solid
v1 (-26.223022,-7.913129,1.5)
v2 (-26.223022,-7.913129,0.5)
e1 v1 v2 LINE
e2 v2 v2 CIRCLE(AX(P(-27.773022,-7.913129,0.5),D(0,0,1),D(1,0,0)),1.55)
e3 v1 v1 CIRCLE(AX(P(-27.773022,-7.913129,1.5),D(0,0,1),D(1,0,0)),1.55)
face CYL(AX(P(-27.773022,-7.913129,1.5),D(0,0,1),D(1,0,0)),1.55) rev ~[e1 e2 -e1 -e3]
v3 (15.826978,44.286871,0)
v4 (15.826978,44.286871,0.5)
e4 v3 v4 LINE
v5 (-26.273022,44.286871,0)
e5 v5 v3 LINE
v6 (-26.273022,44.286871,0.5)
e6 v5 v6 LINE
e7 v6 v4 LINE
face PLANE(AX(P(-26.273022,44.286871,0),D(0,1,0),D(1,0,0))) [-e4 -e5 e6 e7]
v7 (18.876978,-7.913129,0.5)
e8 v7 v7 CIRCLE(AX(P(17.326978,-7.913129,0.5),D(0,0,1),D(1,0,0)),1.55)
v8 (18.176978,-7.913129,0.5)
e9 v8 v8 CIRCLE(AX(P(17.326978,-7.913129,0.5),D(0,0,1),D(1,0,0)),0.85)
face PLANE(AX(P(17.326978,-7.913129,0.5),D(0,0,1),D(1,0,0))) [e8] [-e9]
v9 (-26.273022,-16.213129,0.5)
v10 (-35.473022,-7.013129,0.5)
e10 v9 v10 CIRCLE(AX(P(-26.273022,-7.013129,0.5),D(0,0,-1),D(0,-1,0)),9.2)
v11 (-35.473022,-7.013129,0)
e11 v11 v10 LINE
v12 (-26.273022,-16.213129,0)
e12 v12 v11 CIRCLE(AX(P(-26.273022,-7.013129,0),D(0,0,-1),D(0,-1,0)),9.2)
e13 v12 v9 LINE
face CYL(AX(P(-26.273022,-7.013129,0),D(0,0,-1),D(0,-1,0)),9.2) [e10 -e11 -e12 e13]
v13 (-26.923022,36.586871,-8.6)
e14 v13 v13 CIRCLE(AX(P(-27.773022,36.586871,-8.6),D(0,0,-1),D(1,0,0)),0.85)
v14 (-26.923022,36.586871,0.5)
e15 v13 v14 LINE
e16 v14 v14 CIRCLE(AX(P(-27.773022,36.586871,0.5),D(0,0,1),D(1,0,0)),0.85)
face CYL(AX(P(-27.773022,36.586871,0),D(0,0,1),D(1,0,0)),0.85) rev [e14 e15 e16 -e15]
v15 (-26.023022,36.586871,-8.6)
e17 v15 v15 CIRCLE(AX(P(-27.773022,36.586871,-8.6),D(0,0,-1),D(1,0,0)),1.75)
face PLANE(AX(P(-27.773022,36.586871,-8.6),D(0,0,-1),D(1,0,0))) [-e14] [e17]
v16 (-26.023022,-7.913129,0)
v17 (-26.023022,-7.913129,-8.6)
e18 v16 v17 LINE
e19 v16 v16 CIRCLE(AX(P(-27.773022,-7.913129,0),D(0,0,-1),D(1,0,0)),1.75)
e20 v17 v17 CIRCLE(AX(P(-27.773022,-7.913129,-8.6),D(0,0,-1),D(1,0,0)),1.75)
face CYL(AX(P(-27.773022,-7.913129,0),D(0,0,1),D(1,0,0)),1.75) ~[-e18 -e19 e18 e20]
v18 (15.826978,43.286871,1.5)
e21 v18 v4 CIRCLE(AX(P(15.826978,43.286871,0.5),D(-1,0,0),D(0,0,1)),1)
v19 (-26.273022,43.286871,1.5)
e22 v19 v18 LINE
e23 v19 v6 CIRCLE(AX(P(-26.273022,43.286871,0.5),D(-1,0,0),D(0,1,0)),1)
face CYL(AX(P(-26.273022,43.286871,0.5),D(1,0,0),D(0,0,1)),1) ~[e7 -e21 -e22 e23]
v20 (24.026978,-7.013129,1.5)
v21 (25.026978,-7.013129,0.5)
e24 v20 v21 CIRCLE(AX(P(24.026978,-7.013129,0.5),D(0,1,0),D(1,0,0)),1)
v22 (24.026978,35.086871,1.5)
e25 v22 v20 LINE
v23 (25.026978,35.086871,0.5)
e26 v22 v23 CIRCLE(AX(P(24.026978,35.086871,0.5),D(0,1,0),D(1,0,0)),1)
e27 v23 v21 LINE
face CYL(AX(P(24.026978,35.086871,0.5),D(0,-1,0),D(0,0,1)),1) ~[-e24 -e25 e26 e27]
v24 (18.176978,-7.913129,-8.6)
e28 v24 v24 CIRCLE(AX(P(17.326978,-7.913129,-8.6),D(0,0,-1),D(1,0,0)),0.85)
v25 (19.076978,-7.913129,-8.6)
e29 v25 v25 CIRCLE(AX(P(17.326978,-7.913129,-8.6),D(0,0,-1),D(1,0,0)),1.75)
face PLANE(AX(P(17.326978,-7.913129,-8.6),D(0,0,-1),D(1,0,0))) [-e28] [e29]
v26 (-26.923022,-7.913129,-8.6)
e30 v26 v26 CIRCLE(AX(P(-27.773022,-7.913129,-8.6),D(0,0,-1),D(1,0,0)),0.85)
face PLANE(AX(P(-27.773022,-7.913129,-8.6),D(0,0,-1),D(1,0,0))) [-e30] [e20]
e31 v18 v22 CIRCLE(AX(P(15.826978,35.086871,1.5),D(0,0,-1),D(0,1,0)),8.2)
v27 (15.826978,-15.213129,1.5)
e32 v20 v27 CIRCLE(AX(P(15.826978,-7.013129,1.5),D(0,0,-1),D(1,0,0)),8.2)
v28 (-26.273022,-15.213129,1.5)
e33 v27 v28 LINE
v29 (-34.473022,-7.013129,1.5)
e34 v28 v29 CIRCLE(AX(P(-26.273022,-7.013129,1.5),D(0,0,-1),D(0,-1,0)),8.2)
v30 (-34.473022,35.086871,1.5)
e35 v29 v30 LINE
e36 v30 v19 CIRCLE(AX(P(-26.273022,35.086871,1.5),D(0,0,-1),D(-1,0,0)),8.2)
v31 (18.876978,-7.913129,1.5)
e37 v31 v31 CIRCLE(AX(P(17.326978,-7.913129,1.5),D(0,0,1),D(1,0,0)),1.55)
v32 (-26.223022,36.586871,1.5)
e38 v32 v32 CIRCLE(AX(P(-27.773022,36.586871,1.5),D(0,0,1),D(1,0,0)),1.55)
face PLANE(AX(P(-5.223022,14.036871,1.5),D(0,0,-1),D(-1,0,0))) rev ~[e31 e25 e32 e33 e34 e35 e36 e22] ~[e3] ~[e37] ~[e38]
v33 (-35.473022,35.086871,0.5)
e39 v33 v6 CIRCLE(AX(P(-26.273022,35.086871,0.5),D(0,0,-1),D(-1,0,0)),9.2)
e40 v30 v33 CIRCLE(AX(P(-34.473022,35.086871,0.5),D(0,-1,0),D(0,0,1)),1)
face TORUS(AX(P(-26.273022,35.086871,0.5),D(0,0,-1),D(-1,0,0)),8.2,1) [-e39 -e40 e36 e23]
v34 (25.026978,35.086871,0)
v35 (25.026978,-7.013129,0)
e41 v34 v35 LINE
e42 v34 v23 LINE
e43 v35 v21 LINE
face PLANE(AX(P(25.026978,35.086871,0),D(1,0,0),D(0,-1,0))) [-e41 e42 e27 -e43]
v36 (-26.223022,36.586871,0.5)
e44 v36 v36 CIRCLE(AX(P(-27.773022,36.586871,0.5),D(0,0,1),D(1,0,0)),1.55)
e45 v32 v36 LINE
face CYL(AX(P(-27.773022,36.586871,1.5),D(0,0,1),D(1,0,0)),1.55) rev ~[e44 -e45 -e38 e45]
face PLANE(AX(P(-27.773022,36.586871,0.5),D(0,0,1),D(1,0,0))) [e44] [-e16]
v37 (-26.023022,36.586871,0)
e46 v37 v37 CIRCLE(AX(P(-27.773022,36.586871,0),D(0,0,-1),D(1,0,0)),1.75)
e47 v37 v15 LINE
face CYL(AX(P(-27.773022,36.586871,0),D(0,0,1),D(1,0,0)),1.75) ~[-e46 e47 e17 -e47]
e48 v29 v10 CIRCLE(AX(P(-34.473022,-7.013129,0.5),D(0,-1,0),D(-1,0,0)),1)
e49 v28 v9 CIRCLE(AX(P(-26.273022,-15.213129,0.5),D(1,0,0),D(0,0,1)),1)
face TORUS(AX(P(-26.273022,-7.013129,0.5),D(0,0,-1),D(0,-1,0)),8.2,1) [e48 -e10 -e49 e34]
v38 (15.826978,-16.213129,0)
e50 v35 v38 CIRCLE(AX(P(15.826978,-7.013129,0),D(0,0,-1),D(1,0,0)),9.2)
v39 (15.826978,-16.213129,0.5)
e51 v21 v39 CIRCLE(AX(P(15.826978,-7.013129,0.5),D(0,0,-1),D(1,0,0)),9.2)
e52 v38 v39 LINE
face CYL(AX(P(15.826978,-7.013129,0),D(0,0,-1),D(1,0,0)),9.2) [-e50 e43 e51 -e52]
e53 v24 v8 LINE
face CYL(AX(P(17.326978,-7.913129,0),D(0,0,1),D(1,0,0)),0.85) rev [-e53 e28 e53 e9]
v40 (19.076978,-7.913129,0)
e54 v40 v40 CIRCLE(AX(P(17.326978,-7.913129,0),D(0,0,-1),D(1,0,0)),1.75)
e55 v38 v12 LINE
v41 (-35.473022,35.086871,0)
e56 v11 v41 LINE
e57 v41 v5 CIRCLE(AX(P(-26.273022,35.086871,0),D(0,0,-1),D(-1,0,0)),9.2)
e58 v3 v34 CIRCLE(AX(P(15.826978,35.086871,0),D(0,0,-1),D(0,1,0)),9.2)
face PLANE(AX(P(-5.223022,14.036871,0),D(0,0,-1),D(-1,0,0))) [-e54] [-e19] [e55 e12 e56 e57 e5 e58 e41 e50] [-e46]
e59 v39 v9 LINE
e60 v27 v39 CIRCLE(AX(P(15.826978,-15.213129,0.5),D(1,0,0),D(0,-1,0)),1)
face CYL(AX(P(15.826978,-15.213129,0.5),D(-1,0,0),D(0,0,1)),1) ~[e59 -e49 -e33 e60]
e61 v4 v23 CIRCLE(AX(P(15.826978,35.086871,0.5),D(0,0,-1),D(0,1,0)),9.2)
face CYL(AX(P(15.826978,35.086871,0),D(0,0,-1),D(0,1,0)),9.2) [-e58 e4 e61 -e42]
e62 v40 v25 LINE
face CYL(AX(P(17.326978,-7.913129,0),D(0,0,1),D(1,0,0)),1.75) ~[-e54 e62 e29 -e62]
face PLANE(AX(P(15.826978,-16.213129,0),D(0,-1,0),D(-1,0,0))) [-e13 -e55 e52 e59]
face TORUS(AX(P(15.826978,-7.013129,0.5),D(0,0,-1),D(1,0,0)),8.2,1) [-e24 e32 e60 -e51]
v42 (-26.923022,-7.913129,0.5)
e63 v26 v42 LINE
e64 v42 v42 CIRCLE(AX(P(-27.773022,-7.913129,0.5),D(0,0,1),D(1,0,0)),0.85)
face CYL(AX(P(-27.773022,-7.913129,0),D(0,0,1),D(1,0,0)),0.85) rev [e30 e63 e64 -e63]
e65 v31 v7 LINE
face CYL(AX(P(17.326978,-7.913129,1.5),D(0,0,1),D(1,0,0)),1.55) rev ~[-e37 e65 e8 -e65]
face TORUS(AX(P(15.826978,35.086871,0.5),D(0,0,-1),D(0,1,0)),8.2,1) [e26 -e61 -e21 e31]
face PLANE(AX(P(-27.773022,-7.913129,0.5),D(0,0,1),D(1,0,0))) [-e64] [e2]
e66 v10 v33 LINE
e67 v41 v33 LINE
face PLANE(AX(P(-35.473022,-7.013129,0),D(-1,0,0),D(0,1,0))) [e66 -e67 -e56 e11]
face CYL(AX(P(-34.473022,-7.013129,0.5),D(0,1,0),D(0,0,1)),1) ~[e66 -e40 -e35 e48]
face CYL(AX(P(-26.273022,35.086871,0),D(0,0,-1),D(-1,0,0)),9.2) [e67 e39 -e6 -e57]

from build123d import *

# Parameters (mm, degrees)
EXTRUDE_1_DEPTH     = 1.5
SKETCH_2_R          = 0.85
CUT_EXTRUDE_1_DEPTH = 11
SKETCH_4_R          = 0.85
CUT_EXTRUDE_2_DEPTH = 11.5
SKETCH_5_R          = 0.85
CUT_EXTRUDE_3_DEPTH = 11.5
SKETCH_9_R          = 1.55
SKETCH_9_R_2        = 0.85
CUT_EXTRUDE_5_DEPTH = 1
SKETCH_8_R          = 1.75
SKETCH_8_R_2        = 0.85
EXTRUDE_6_DEPTH     = 8.6
FILLET_2_R          = 1


with BuildPart() as part:
    # 草图1 → 凸台-拉伸1 (new body)
    with BuildSketch(Plane.XY):
        with BuildLine():
            Line((-26.273021583, 44.286870504), (15.826978417, 44.286870504))
            ThreePointArc((15.826978417, 44.286870504), (22.332360804, 41.592252891), (25.026978417, 35.086870504))
            Line((25.026978417, 35.086870504), (25.026978417, -7.013129496))
            ThreePointArc((25.026978417, -7.013129496), (22.332360804, -13.518511883), (15.826978417, -16.213129496))
            Line((15.826978417, -16.213129496), (-26.273021583, -16.213129496))
            ThreePointArc((-26.273021583, -16.213129496), (-32.77840397, -13.518511883), (-35.473021583, -7.013129496))
            Line((-35.473021583, -7.013129496), (-35.473021583, 35.086870504))
            ThreePointArc((-35.473021583, 35.086870504), (-32.77840397, 41.592252891), (-26.273021583, 44.286870504))
        make_face()
    extrude(amount=EXTRUDE_1_DEPTH)

    # 草图2 → 切除-拉伸1 (cut)
    with BuildSketch(Plane.XY.offset(1.5)):
        with Locations((-27.773021583, 36.586870504)):
            Circle(SKETCH_2_R)
    extrude(amount=-CUT_EXTRUDE_1_DEPTH, mode=Mode.SUBTRACT)

    # 草图4 → 切除-拉伸2 (cut)
    with BuildSketch(Plane.XY.offset(1.5)):
        with Locations((-27.773021583, -7.913129496)):
            Circle(SKETCH_4_R)
    extrude(amount=-CUT_EXTRUDE_2_DEPTH, mode=Mode.SUBTRACT)

    # 草图5 → 切除-拉伸3 (cut)
    with BuildSketch(Plane.XY.offset(1.5)):
        with Locations((17.326978417, -7.913129496)):
            Circle(SKETCH_5_R)
    extrude(amount=-CUT_EXTRUDE_3_DEPTH, mode=Mode.SUBTRACT)

    # 草图9 → 切除-拉伸5 (cut)
    # profile 1 of 3: a face of its own
    with BuildSketch(Plane.XY.offset(1.5)):
        with Locations((-27.773021583, 36.586870504)):
            Circle(SKETCH_9_R)
        with Locations((-27.773021583, 36.586870504)):
            Circle(SKETCH_9_R_2, mode=Mode.SUBTRACT)
    # profile 2 of 3: a face of its own
    with BuildSketch(Plane.XY.offset(1.5)):
        with Locations((-27.773021583, -7.913129496)):
            Circle(SKETCH_9_R)
        with Locations((-27.773021583, -7.913129496)):
            Circle(SKETCH_9_R_2, mode=Mode.SUBTRACT)
    # profile 3 of 3: a face of its own
    with BuildSketch(Plane.XY.offset(1.5)):
        with Locations((17.326978417, -7.913129496)):
            Circle(SKETCH_9_R)
        with Locations((17.326978417, -7.913129496)):
            Circle(SKETCH_9_R_2, mode=Mode.SUBTRACT)
    extrude(amount=-CUT_EXTRUDE_5_DEPTH, mode=Mode.SUBTRACT)

    # 草图8 → 凸台-拉伸6 (add)
    # profile 1 of 3: a face of its own
    with BuildSketch(Plane(origin=(0, 0, 0), x_dir=(-1, 0, 0), z_dir=(0, 0, -1))):
        with Locations(Location((27.773021583, 36.586870504, 0), (0, 0, 180))):
            Circle(SKETCH_8_R)
        with Locations(Location((27.773021583, 36.586870504, 0), (0, 0, 180))):
            Circle(SKETCH_8_R_2, mode=Mode.SUBTRACT)
    # profile 2 of 3: a face of its own
    with BuildSketch(Plane(origin=(0, 0, 0), x_dir=(-1, 0, 0), z_dir=(0, 0, -1))):
        with Locations(Location((27.773021583, -7.913129496, 0), (0, 0, 180))):
            Circle(SKETCH_8_R)
        with Locations(Location((27.773021583, -7.913129496, 0), (0, 0, 180))):
            Circle(SKETCH_8_R_2, mode=Mode.SUBTRACT)
    # profile 3 of 3: a face of its own
    with BuildSketch(Plane(origin=(0, 0, 0), x_dir=(-1, 0, 0), z_dir=(0, 0, -1))):
        with Locations(Location((-17.326978417, -7.913129496, 0), (0, 0, 180))):
            Circle(SKETCH_8_R)
        with Locations(Location((-17.326978417, -7.913129496, 0), (0, 0, 180))):
            Circle(SKETCH_8_R_2, mode=Mode.SUBTRACT)
    extrude(amount=EXTRUDE_6_DEPTH)

    # 圆角2
    fillet_2_edges = [part.edges().sort_by_distance(p)[0] for p in [
        (22.332360804, -13.518511883, 1.5),
        (25.026978417, 14.036870504, 1.5),
        (22.332360804, 41.592252891, 1.5),
        (-5.223021583, 44.286870504, 1.5),
        (-32.77840397, 41.592252891, 1.5),
        (-35.473021583, 14.036870504, 1.5),
        (-32.77840397, -13.518511883, 1.5),
        (-5.223021583, -16.213129496, 1.5),
    ]]
    fillet(fillet_2_edges, radius=FILLET_2_R)


solid = part.part
